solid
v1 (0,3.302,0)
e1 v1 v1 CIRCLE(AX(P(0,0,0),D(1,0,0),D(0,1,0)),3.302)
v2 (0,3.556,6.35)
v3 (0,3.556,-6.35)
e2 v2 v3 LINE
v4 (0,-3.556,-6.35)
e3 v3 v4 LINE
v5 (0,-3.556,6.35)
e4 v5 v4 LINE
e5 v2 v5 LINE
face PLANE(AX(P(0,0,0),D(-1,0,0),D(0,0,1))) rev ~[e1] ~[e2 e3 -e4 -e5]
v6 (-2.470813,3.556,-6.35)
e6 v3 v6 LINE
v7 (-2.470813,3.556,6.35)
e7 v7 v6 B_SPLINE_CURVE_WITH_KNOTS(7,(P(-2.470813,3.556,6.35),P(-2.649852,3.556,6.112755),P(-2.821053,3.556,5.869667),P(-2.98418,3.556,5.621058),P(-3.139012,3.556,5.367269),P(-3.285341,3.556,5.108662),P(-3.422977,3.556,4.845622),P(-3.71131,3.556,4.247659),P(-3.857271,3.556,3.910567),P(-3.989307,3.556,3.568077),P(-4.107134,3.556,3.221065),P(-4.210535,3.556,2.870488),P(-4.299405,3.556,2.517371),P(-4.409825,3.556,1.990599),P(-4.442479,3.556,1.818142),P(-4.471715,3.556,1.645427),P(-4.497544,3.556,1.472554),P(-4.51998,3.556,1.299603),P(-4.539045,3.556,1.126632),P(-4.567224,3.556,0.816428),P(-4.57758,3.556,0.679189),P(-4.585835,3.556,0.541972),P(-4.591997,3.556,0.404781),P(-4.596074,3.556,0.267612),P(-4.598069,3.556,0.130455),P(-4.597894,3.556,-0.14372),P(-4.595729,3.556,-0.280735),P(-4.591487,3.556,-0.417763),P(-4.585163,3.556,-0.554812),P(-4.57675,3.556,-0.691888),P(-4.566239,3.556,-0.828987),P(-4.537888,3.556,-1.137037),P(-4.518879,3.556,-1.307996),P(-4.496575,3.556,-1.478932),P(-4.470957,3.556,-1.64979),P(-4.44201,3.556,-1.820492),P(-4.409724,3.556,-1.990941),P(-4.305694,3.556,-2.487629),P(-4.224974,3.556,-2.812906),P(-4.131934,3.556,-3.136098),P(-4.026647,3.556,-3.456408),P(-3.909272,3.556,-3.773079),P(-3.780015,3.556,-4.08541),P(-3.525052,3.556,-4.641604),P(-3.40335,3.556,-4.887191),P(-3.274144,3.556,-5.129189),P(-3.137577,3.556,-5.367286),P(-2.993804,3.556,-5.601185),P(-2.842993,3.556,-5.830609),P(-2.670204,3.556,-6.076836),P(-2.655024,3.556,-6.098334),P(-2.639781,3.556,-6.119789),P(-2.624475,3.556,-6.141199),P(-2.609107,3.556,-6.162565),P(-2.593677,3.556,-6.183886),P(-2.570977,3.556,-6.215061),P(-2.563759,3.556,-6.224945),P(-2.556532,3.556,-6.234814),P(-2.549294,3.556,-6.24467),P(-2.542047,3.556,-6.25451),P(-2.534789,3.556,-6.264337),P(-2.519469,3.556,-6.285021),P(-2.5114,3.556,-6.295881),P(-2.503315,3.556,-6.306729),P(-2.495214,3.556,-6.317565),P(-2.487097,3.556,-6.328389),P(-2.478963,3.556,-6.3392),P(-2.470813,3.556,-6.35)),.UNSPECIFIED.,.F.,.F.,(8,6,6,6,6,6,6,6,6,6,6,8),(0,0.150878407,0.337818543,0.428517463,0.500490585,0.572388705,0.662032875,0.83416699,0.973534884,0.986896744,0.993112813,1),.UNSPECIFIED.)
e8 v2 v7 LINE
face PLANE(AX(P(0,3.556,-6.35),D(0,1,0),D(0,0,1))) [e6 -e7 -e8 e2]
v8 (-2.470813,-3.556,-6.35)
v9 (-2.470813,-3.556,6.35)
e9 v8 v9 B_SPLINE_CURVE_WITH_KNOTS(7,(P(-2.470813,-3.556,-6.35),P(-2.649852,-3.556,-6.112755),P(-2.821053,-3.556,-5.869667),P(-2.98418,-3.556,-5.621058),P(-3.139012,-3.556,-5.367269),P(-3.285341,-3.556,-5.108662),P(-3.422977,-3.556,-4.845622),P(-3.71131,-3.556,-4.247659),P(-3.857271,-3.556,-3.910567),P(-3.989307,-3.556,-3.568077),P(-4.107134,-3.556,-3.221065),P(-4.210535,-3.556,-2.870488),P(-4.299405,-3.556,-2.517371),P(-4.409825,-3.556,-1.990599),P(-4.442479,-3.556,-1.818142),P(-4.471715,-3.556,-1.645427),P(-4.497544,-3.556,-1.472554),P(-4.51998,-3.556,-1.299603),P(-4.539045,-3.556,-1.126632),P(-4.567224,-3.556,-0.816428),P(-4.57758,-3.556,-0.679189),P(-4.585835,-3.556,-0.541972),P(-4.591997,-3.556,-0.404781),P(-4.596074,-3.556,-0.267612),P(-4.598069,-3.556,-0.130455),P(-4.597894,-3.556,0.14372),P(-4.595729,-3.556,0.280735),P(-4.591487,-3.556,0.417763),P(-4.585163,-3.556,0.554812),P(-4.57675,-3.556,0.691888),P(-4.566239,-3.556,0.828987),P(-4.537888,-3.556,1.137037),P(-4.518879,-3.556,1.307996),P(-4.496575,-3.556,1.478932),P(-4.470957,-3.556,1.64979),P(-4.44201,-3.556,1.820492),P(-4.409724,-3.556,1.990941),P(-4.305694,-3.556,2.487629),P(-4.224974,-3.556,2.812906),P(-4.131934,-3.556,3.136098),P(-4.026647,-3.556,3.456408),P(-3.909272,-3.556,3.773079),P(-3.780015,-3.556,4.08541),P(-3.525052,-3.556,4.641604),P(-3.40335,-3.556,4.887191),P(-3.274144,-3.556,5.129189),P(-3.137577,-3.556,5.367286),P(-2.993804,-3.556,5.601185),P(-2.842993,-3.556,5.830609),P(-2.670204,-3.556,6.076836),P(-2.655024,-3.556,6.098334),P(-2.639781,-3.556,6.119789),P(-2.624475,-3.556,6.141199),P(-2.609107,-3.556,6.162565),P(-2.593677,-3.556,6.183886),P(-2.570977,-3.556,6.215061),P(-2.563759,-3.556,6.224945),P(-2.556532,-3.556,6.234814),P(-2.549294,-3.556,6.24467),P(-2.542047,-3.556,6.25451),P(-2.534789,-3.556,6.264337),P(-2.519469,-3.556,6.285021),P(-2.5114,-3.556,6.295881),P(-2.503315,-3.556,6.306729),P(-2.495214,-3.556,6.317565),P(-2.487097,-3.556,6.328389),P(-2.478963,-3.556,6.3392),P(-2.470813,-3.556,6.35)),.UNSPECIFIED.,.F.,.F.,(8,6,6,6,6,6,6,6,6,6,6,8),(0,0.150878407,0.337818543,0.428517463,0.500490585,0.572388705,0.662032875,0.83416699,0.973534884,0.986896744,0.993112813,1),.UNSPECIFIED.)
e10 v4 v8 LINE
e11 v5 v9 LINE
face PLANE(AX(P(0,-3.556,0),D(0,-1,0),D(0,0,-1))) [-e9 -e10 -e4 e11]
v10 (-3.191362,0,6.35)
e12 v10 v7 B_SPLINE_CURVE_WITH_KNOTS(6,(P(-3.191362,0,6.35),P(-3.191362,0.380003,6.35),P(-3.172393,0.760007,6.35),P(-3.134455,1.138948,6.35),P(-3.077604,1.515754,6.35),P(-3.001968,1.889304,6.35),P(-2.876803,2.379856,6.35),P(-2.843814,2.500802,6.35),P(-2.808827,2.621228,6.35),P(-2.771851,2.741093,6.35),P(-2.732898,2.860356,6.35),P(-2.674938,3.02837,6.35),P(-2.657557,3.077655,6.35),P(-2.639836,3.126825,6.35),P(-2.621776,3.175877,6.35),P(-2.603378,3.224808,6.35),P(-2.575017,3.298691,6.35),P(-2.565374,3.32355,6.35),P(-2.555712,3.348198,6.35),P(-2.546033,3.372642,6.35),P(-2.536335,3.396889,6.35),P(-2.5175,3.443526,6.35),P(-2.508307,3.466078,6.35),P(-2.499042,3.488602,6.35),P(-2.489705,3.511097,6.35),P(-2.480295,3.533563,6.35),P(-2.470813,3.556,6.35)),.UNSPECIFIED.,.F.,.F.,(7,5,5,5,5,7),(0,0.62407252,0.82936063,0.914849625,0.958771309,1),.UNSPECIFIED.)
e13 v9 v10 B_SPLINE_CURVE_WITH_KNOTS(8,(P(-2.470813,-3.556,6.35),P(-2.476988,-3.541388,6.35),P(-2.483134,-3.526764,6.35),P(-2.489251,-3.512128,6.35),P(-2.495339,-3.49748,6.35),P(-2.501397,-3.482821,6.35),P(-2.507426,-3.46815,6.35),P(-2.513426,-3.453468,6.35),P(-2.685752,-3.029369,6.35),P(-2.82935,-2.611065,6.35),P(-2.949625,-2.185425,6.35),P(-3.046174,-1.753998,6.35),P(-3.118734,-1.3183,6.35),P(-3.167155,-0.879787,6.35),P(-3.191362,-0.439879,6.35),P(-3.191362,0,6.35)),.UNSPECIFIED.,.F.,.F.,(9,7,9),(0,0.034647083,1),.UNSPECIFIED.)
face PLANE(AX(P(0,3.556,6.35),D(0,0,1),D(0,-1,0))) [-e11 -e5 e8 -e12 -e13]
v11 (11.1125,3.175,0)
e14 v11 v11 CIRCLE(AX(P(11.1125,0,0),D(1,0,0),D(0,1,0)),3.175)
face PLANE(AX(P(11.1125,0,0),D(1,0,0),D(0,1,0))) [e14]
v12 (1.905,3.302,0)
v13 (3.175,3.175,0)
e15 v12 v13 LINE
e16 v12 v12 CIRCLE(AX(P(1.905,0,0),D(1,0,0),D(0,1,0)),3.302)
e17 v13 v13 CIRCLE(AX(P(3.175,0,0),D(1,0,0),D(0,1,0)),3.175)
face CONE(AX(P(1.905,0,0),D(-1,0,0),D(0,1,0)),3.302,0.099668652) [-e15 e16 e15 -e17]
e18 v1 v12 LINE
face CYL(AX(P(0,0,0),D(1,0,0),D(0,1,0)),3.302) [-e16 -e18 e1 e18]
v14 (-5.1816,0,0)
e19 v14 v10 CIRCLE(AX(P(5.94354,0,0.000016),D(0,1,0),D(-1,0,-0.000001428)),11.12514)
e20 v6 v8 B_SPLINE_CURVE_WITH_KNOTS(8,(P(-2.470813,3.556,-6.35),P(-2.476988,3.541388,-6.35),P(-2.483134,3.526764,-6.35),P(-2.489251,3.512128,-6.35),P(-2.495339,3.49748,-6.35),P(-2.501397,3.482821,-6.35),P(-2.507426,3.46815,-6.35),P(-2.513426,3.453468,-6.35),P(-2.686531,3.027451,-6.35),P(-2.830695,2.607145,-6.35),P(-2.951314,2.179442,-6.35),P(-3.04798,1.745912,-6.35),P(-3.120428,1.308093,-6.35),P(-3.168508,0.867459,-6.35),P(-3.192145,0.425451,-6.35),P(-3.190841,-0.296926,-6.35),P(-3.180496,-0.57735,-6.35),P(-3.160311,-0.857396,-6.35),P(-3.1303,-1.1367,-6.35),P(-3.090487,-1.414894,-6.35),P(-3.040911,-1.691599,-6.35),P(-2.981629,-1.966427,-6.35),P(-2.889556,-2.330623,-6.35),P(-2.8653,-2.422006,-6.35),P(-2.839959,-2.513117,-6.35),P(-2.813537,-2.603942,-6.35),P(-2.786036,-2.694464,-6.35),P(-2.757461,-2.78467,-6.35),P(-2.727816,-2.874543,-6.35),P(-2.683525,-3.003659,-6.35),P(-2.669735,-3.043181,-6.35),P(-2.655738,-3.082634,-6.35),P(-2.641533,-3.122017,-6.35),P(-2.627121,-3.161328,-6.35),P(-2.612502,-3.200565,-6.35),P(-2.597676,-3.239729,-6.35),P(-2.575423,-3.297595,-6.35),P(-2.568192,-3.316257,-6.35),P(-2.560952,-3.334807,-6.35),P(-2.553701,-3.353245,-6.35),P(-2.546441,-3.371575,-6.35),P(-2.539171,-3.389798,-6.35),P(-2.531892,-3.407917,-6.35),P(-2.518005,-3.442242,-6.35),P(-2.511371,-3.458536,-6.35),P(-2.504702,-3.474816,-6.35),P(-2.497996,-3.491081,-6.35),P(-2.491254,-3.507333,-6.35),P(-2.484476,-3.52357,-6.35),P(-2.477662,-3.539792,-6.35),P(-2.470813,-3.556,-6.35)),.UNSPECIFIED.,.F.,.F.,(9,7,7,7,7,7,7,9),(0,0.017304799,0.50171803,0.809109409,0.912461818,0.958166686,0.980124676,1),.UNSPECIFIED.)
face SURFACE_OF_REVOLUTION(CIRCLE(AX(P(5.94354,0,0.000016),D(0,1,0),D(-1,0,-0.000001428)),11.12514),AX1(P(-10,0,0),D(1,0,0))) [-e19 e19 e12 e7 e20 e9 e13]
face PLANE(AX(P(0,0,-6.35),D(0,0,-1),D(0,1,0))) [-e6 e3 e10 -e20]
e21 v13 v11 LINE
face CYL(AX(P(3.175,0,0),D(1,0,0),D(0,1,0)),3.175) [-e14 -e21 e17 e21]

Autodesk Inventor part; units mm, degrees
ref_plane "YZ Plane" through (0, 0, 0) normal (1, 0, 0) x (0, 1, 0)
sketch "Boceto1" plane through (0, 0, 0) normal (0, 0, 1) x (1, 0, 0)
  line L0 (0, 3.302) -> (1.905, 3.302)
  line L1 (1.905, 3.302) -> (3.175, 3.175)
  line L2 (3.175, 3.175) -> (11.1125, 3.175)
  line L3 (11.1125, 3.175) -> (11.1125, 2.4879)
  line L4 (11.1125, 2.4879) -> (11.1125, 0)
  line L5 (0, 3.9624) -> (0, -0.6604) projected
  line L6 (0, 3.302) -> (0, 0)
  line L7 (-0.4343, 0) -> (7.5114, 0)
  line L8 (-2.7437, 0) -> (13.4219, 0) projected
  line L9 (0, 0) -> (11.1125, 0)
  dimension "d0" = 0
  dimension "d1" = 7.9375
  dimension "d2" = 1.27
  dimension "d3" = 4.9759
  dimension "d4" = 6.35
  dimension "d5" = 6.604
  dimension "d6" = 11.1125
revolve "Cuerpo" add sketch "Boceto1" angle 360 about axis through (-0.4343, 0, 0) along (1, 0, 0)
sketch "Boceto2" plane through (0, 0, 0) normal (-1, 0, 0) x (0, 0, 1)
  line L0 (-6.35, 3.556) -> (6.35, 3.556)
  line L1 (6.35, 3.556) -> (6.35, -3.556)
  line L2 (6.35, -3.556) -> (-6.35, -3.556)
  line L3 (-6.35, -3.556) -> (-6.35, 3.556)
  line L4 (-8.89, 0) -> (8.89, 0) projected
  line L5 (0, 4.9784) -> (0, -4.9784) projected
  dimension "d7" = 3.556
  dimension "d8" = 7.112
  dimension "d9" = 6.35
  dimension "d10" = 12.7
extrude "Cabeza" add sketch "Boceto2" along normal blind 5.1816
ref_plane "IDS_WORKPLANE{1}" through (0, 0, 0) normal (0, 1, 0) x (-1, 0, 0)
sketch "Boceto3" plane through (0, 0, 0) normal (0, 1, 0) x (-1, 0, 0)
  arc A0 (5.1816, 0) -> (-0.1952, 9.525) centre (-5.9436, 0) ccw
  line L0 (0, -9.6663) -> (0, 13.5477) projected
  line L1 (8.9083, 0) -> (-8.4189, 0) projected
  line L2 (5.1816, 6.35) -> (5.1816, 9.525)
  line L3 (5.1816, 9.525) -> (-0.1952, 9.525)
  line L4 (5.1816, 6.35) -> (5.1816, -6.35) projected
  dimension "d15" = 11.1252
  dimension "d19" = 19.05
revolve "Empalme1" cut sketch "Boceto3" angle 360 about axis through (-10, 0, 0) along (1, 0, 0) contours A0 L0 L3 L2 L4 | A0 L3 L0
thread "Rosca" size "1/4-20 UNC" class "2A" standard "ANSI Unified Screw Threads" full length
ref_plane "Work Plane3" through (7.1437, 0, 0) normal (0, 0, -1) x (1, 0, 0)
equation "\"d7\" = 0.5 * KBR"
equation "\"d8\" = KBR"
equation "\"d9\" = 0.5 * KOL"
equation "\"d10\" = KOL"
equation "\"d11\" = KOH"
equation "\"d15\" = KR"
equation "\"d19\" = 1.5 * KOL"
equation "\"d1\" = GEL"
equation "\"d2\" = GAL"
equation "\"d3\" = SPD"
equation "\"d4\" = GD"
equation "\"d5\" = BDM"
equation "\"d6\" = NLG"
equation "\"GD\" = NND"
equation "\"NLG\" = 11.1125"
equation "\"GAL\" = 1.27"
equation "\"GEL\" = 7.9375"
equation "\"BDM\" = 6.604"
equation "\"KOL\" = 12.7"
equation "\"KBR\" = 7.112"
equation "\"KOH\" = 5.1816"
equation "\"KR\" = 11.1252"
equation "\"SPD\" = GD1"
equation "\"RR\" = -0.5 * BDM + 0.5 * KBR"
equation "\"d13\" = 0.5 * KOL"
equation "\"GUL\" = 0"
equation "\"PHH\" = 0.15 * KOH"
equation "\"THREADDIA\" = 6.35"
equation "\"TOA\" = 30deg"
equation "\"NND\" = 6.35"
equation "\"GD1\" = 4.97586"
properties part number "ANSI/ASME B18.5 - 1/4 - 20 - 7/16" material "Acero, suave"
